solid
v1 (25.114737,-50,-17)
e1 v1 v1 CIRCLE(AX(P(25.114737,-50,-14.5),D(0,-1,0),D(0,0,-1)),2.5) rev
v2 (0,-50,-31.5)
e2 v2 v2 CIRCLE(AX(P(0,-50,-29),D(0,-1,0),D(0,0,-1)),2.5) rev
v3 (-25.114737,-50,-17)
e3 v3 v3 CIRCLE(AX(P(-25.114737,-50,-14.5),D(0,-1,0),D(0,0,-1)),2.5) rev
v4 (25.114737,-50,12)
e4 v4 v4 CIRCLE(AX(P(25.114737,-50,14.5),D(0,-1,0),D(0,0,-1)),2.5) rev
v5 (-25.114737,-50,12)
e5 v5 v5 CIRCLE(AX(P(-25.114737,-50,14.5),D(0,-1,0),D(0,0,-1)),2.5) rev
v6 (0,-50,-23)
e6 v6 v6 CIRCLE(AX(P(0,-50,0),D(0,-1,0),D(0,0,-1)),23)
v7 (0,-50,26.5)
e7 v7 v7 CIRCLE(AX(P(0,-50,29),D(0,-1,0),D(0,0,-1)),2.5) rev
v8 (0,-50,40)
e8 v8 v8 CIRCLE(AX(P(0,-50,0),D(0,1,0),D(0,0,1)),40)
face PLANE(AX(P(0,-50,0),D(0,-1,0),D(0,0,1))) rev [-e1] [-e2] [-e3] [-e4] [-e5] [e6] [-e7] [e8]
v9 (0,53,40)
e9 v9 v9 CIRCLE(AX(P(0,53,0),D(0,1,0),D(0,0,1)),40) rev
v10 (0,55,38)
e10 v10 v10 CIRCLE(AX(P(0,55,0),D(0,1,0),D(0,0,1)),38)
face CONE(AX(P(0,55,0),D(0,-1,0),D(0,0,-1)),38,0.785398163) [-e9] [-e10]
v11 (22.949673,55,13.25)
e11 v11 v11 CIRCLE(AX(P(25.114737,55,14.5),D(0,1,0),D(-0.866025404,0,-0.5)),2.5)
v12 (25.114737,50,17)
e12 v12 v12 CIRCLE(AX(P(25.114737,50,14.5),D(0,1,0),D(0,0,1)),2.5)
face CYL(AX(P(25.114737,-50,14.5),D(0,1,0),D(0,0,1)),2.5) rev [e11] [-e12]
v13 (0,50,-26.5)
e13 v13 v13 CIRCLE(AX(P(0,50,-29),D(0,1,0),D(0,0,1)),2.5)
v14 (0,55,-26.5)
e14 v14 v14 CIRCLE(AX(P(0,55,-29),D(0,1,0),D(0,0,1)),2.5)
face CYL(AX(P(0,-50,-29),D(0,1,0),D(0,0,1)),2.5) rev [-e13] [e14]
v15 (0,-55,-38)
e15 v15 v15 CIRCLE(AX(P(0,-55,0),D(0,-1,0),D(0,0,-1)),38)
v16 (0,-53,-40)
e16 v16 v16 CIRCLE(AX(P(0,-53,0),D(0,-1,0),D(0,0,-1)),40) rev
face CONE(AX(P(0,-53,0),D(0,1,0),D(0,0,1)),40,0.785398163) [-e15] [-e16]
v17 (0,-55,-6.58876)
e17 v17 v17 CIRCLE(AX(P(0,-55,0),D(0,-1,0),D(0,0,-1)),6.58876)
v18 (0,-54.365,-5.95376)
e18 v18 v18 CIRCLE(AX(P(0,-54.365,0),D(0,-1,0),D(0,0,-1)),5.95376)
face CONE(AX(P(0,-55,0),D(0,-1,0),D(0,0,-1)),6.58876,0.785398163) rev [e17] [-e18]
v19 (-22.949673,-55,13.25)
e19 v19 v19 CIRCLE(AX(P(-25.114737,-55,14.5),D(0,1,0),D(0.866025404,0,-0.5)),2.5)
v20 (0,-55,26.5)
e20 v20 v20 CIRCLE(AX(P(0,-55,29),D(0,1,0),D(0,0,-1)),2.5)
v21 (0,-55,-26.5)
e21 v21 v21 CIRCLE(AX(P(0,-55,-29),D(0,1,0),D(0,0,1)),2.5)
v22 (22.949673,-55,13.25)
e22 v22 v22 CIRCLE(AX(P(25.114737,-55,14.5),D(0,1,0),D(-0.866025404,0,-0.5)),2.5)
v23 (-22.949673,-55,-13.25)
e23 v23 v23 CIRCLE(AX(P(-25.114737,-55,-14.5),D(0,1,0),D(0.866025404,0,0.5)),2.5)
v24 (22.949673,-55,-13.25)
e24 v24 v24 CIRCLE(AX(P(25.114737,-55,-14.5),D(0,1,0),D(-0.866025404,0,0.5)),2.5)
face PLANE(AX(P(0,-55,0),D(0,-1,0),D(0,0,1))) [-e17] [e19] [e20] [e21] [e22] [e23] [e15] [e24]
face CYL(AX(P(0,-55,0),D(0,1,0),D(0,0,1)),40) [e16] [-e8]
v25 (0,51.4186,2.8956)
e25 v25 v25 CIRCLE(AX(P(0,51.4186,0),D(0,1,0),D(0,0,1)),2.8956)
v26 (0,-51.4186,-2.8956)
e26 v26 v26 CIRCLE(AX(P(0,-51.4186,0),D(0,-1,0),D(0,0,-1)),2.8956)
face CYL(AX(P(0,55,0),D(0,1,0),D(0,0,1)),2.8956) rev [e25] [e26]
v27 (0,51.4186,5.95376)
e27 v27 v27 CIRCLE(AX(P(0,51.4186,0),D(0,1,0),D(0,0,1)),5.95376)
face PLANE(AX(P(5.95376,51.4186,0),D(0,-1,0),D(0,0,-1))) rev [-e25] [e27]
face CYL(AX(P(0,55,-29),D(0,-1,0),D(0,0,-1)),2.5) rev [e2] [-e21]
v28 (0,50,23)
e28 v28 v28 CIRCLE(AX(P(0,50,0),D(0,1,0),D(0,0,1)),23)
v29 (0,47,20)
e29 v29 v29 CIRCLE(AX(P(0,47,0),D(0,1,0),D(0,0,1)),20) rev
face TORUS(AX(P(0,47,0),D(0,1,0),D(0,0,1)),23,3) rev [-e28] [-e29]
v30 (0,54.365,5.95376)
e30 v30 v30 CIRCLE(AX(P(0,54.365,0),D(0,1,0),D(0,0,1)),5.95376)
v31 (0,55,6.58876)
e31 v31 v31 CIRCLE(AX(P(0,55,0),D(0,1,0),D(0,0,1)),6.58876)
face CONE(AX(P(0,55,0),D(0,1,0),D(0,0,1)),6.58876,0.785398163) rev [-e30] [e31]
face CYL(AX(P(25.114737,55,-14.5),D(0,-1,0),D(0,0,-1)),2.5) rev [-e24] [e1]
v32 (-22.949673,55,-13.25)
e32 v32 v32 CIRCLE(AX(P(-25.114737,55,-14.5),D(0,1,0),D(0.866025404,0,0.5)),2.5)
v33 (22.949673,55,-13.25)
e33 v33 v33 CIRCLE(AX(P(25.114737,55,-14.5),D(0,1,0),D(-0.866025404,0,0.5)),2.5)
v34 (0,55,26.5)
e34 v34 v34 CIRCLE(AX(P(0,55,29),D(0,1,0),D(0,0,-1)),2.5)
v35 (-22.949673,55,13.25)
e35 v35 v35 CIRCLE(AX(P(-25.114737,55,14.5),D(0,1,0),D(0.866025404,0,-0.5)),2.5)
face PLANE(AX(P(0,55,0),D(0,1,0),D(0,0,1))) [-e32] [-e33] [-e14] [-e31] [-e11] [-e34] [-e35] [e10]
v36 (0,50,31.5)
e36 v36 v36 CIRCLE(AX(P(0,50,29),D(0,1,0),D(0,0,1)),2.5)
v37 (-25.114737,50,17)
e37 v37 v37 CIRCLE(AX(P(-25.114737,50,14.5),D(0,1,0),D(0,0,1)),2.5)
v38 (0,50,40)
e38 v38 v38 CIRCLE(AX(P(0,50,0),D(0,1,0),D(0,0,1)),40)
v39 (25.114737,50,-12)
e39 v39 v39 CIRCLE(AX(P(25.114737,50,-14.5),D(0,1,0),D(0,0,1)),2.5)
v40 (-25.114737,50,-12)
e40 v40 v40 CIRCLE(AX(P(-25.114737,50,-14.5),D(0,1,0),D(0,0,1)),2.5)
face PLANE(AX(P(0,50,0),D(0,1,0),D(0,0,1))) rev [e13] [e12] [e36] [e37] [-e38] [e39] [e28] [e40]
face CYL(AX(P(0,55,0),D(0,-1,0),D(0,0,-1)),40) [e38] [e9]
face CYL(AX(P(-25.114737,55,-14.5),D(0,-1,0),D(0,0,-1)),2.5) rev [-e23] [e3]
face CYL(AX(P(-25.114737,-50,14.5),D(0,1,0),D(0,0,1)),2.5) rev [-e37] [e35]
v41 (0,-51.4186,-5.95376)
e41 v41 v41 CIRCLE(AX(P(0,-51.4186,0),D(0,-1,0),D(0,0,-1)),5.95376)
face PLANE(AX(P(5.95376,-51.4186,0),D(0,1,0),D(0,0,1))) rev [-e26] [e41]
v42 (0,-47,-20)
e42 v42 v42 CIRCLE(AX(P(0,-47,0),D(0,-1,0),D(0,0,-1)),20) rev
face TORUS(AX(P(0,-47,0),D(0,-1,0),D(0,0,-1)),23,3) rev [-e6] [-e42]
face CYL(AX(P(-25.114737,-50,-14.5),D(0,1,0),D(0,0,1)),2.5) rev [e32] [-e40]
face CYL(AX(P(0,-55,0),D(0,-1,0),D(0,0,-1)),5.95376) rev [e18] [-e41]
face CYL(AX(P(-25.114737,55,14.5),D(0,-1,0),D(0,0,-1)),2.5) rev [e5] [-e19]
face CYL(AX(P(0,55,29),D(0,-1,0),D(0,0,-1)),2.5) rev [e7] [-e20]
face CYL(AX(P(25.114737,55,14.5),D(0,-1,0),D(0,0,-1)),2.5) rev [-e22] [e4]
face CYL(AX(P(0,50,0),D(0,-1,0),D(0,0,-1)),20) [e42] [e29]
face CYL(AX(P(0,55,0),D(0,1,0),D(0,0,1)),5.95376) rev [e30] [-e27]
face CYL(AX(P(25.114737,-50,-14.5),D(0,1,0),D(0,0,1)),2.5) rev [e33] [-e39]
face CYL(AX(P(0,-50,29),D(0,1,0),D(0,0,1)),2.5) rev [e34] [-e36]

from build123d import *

# Parameters (mm, degrees)
SKETCH1_R                = 20
BOSS_EXTRUDE1_DEPTH      = 50
SKETCH2_R                = 40
BOSS_EXTRUDE2_DEPTH      = 5
CHAMFER1_SIZE            = 2
SKETCH3_R                = 2.5
CUT_EXTRUDE1_DEPTH       = 120.268604419
CIRPATTERN1_COUNT        = 6
FILLET4_R                = 3
MIRROR1_COPY_1_SKETCH_R  = 2.5
MIRROR1_COPY_1_DEPTH     = 120.268604419
MIRROR1_COPY_2_SKETCH_R  = 2.5
MIRROR1_COPY_2_DEPTH     = 120.268604419
MIRROR1_COPY_3_SKETCH_R  = 2.5
MIRROR1_COPY_3_DEPTH     = 120.268604419
MIRROR1_COPY_4_SKETCH_R  = 2.5
MIRROR1_COPY_4_DEPTH     = 120.268604419
MIRROR1_COPY_5_SKETCH_R  = 2.5
MIRROR1_COPY_5_DEPTH     = 120.268604419
CHAMFER1_OF_MIRROR1_SIZE = 2
FILLET4_OF_MIRROR1_R     = 3


with BuildPart() as part:
    # Sketch1 → Boss-Extrude1 (new, symmetric)
    with BuildSketch(Plane(origin=(0, 0, 0), x_dir=(1, 0, 0), z_dir=(0, 1, 0))):
        with Locations(Location((0, 0, 0), (0, 0, 270))):
            Circle(SKETCH1_R)
    extrude(amount=BOSS_EXTRUDE1_DEPTH, both=True)

    # Sketch2 → Boss-Extrude2 (add)
    with BuildSketch(Plane(origin=(0, 50, 0), x_dir=(1, 0, 0), z_dir=(0, 1, 0))):
        with Locations(Location((0, 0, 0), (0, 0, 270))):
            Circle(SKETCH2_R)
    boss_extrude2 = extrude(amount=BOSS_EXTRUDE2_DEPTH)

    # Chamfer1
    chamfer1_edges = [part.edges().sort_by_distance(p)[0] for p in [
        (0, 55, -40),
    ]]
    chamfer(chamfer1_edges, length=CHAMFER1_SIZE)

    # Sketch3 → Cut-Extrude1 (cut, through all)
    with BuildSketch(Plane(origin=(0, 55, 0), x_dir=(1, 0, 0), z_dir=(0, 1, 0))):
        with Locations(Location((0, 29, 0), (0, 0, 270))):
            Circle(SKETCH3_R)
    cut_extrude1 = extrude(amount=-CUT_EXTRUDE1_DEPTH, mode=Mode.SUBTRACT)

    # CirPattern1: Cut-Extrude1 ×6 about axis
    cirpattern1_axis = Axis((0, 0, 0), (0, 1, 0))
    for i in range(1, CIRPATTERN1_COUNT):
        add(cut_extrude1.rotate(cirpattern1_axis, i * 360 / CIRPATTERN1_COUNT), mode=Mode.SUBTRACT)

    # Fillet4
    fillet4_edges = [part.edges().sort_by_distance(p)[0] for p in [
        (0, 50, -20),
    ]]
    fillet(fillet4_edges, radius=FILLET4_R)

    # Sketch5 → CBORE for #12 Binding Head Machine Screw1 (revolve, cut)
    with BuildSketch(Plane(origin=(0, 55, 0), x_dir=(0, 0, 1), z_dir=(1, 0, 0))):
        Polygon((0, 0), (0, 110), (2.8956, 110), (2.8956, 3.5814), (5.95376, 3.5814), (5.95376, 0.635), (6.58876, 0), align=None)
    cbore_for_12_binding_head_machine_screw = revolve(axis=Axis((0, 61.35, 0), (0, -1, 0)), mode=Mode.SUBTRACT)

    # Mirror1: Boss-Extrude2, Cut-Extrude1, CBORE for #12 Binding Head Machine Screw1 across plane
    add(boss_extrude2.mirror(Plane.ZX))
    add(cut_extrude1.mirror(Plane.ZX), mode=Mode.SUBTRACT)
    add(cbore_for_12_binding_head_machine_screw.mirror(Plane.ZX), mode=Mode.SUBTRACT)

    # Mirror1 copy 1 sketch → Mirror1 copy 1 (cut, through all)
    with BuildSketch(Plane(origin=(0, -55, 0), x_dir=(0.5000000000000001, 0, -0.8660254037844386), z_dir=(0, -1, 0))):
        with Locations((0, -29)):
            Circle(MIRROR1_COPY_1_SKETCH_R)
    extrude(amount=-MIRROR1_COPY_1_DEPTH, mode=Mode.SUBTRACT)

    # Mirror1 copy 2 sketch → Mirror1 copy 2 (cut, through all)
    with BuildSketch(Plane(origin=(0, -55, 0), x_dir=(-0.4999999999999998, 0, -0.8660254037844387), z_dir=(0, -1, 0))):
        with Locations((0, -29)):
            Circle(MIRROR1_COPY_2_SKETCH_R)
    extrude(amount=-MIRROR1_COPY_2_DEPTH, mode=Mode.SUBTRACT)

    # Mirror1 copy 3 sketch → Mirror1 copy 3 (cut, through all)
    with BuildSketch(Plane(origin=(0, -55, 0), x_dir=(-1, 0, 0), z_dir=(0, -1, 0))):
        with Locations((0, -29)):
            Circle(MIRROR1_COPY_3_SKETCH_R)
    extrude(amount=-MIRROR1_COPY_3_DEPTH, mode=Mode.SUBTRACT)

    # Mirror1 copy 4 sketch → Mirror1 copy 4 (cut, through all)
    with BuildSketch(Plane(origin=(0, -55, 0), x_dir=(-0.5000000000000004, 0, 0.8660254037844384), z_dir=(0, -1, 0))):
        with Locations((0, -29)):
            Circle(MIRROR1_COPY_4_SKETCH_R)
    extrude(amount=-MIRROR1_COPY_4_DEPTH, mode=Mode.SUBTRACT)

    # Mirror1 copy 5 sketch → Mirror1 copy 5 (cut, through all)
    with BuildSketch(Plane(origin=(0, -55, 0), x_dir=(0.5000000000000001, 0, 0.8660254037844386), z_dir=(0, -1, 0))):
        with Locations((0, -29)):
            Circle(MIRROR1_COPY_5_SKETCH_R)
    extrude(amount=-MIRROR1_COPY_5_DEPTH, mode=Mode.SUBTRACT)

    # Chamfer1 of Mirror1
    chamfer1_of_mirror1_edges = [part.edges().sort_by_distance(p)[0] for p in [
        (0, -55, -40),
    ]]
    chamfer(chamfer1_of_mirror1_edges, length=CHAMFER1_OF_MIRROR1_SIZE)

    # Fillet4 of Mirror1
    fillet4_of_mirror1_edges = [part.edges().sort_by_distance(p)[0] for p in [
        (0, -50, -20),
    ]]
    fillet(fillet4_of_mirror1_edges, radius=FILLET4_OF_MIRROR1_R)


solid = part.part
